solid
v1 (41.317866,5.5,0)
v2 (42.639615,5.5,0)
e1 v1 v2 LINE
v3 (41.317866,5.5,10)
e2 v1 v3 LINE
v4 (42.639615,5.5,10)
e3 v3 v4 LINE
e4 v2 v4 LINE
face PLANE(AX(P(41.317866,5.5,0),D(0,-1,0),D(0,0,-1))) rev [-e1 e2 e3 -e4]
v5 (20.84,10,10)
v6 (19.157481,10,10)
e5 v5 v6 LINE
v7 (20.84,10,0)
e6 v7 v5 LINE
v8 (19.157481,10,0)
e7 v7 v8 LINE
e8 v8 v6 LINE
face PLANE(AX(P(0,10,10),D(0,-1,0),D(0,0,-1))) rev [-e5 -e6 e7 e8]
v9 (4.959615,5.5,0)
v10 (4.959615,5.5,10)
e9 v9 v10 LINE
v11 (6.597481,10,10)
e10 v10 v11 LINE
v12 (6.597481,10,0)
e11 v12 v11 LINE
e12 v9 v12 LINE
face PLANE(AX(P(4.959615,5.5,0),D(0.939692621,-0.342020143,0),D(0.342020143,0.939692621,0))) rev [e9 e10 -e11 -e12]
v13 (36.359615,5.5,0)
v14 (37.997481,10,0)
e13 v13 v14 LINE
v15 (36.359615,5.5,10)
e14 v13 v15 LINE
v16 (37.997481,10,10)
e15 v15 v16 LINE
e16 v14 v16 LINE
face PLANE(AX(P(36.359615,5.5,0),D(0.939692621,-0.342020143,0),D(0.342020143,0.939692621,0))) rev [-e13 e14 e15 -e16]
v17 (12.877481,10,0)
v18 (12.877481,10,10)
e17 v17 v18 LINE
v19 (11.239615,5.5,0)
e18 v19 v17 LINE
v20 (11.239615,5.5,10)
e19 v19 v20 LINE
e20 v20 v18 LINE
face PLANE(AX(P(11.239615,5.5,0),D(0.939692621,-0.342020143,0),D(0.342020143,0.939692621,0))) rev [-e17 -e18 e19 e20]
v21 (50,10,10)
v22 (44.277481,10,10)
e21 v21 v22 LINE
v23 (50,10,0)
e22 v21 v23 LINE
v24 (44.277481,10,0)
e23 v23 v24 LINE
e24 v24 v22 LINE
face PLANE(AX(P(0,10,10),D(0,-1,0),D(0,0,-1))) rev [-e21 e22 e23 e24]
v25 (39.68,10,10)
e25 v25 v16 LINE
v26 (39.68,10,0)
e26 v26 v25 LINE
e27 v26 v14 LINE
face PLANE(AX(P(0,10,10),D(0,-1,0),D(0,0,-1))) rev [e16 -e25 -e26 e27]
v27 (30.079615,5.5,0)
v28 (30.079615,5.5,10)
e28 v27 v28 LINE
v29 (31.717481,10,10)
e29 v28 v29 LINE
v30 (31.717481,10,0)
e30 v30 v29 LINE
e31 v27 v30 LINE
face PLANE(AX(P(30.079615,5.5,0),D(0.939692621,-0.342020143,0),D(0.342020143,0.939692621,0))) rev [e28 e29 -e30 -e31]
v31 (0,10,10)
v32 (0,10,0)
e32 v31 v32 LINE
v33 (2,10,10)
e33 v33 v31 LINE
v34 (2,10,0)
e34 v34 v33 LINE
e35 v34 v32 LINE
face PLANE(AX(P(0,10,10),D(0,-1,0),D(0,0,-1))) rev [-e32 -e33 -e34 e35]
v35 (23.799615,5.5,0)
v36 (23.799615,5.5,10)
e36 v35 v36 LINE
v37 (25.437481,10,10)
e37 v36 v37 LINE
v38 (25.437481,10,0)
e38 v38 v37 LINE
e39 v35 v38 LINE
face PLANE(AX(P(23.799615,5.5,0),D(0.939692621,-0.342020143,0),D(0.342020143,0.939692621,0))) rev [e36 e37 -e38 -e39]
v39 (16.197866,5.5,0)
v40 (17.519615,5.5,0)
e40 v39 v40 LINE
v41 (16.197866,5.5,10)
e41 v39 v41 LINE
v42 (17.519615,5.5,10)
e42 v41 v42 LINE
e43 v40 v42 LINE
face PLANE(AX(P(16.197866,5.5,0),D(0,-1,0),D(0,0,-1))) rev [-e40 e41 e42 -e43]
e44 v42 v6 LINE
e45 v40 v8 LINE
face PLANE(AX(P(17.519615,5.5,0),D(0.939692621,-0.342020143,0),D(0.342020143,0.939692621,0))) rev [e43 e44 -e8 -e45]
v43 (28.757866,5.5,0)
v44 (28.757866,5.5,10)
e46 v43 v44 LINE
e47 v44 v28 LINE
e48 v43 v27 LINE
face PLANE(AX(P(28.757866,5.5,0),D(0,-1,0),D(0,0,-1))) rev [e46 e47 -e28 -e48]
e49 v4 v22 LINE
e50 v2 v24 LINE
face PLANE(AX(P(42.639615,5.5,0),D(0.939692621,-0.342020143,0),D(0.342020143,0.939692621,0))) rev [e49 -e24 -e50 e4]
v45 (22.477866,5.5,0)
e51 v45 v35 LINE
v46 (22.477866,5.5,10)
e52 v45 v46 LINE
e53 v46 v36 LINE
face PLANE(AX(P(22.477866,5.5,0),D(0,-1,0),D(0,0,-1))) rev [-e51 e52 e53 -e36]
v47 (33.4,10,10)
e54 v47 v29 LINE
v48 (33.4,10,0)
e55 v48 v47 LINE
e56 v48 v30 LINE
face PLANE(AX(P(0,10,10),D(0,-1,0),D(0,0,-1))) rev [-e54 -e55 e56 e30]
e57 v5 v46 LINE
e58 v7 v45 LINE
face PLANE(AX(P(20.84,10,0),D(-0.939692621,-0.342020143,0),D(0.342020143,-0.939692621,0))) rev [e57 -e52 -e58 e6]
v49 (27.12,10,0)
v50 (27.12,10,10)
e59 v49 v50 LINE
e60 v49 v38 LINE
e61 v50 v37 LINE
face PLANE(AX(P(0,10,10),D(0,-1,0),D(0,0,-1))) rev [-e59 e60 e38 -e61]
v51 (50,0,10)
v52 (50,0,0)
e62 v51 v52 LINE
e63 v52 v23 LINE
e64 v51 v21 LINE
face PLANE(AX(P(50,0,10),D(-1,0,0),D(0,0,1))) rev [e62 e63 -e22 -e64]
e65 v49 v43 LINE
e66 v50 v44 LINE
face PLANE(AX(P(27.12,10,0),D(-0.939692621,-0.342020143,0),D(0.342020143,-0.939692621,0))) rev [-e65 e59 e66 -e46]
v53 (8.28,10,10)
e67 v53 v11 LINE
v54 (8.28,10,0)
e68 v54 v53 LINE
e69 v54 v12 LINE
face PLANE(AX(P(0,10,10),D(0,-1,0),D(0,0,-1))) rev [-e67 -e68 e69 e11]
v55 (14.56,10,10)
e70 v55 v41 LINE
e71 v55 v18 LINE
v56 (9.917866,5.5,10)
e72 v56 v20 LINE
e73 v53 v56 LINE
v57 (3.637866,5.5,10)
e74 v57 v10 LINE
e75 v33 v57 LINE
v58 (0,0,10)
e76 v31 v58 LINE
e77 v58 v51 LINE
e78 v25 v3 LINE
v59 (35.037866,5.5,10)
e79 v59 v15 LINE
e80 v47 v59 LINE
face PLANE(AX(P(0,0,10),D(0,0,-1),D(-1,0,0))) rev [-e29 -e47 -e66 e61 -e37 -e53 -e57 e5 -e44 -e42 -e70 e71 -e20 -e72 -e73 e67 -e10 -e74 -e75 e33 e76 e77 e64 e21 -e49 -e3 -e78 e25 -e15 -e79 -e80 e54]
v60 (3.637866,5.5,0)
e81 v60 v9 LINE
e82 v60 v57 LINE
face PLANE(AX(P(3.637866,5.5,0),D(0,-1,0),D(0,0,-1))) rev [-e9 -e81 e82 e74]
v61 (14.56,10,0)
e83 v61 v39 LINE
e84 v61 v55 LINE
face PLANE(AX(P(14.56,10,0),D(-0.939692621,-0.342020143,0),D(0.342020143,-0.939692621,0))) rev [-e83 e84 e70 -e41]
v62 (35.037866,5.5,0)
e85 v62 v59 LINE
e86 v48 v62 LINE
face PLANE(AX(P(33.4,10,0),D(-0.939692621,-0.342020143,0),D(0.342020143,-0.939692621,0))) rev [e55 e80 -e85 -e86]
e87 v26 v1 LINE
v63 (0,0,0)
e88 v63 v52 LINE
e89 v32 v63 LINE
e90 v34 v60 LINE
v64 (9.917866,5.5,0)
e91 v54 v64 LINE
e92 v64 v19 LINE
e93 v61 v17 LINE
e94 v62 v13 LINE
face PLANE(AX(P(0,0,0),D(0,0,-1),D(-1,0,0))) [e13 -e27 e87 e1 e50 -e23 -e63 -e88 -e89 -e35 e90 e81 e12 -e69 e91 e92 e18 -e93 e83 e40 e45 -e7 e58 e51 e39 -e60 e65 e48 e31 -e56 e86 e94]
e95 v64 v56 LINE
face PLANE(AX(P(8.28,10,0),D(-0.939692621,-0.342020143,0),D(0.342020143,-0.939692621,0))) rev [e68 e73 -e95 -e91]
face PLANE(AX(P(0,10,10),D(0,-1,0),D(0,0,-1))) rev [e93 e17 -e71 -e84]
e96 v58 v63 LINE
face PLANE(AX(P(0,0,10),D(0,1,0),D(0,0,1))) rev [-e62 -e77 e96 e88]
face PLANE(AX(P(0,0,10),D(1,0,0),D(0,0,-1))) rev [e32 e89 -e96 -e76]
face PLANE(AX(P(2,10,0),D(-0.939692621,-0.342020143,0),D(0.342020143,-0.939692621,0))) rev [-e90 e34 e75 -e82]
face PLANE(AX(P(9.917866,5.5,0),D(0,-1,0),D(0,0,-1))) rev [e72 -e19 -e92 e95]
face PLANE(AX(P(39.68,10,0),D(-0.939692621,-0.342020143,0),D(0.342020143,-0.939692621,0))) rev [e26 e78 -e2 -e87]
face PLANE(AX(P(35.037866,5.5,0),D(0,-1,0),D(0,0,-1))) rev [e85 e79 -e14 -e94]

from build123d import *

# Parameters (mm, degrees)
SKETCH_1_W             = 50
SKETCH_1_H             = 10
EXTRUDE_1_DEPTH        = 10
CUT_EXTRUDE_1_DEPTH    = 52.961524227
PATTERN_LINEAR_1_COUNT = 7
PATTERN_LINEAR_1_PITCH = 6.28


with BuildPart() as part:
    # 草图1 → 凸台-拉伸1 (new body)
    with BuildSketch(Plane.XY):
        with Locations((25, 5)):
            Rectangle(SKETCH_1_W, SKETCH_1_H)
    extrude(amount=EXTRUDE_1_DEPTH)

    # 草图2 → 切除-拉伸1 (cut, through all)
    with BuildSketch(Plane.XY.offset(10)):
        Polygon((2, 10), (3.637866054, 5.5), (4.959614883, 5.5), (6.597480937, 10), align=None)
    cut_extrude_1 = extrude(amount=-CUT_EXTRUDE_1_DEPTH, mode=Mode.SUBTRACT)

    # 阵列(线性)1: 切除-拉伸1 ×7
    with Locations(*[(i * PATTERN_LINEAR_1_PITCH, 0, 0) for i in range(1, PATTERN_LINEAR_1_COUNT)]):
        add(cut_extrude_1, mode=Mode.SUBTRACT)


solid = part.part
